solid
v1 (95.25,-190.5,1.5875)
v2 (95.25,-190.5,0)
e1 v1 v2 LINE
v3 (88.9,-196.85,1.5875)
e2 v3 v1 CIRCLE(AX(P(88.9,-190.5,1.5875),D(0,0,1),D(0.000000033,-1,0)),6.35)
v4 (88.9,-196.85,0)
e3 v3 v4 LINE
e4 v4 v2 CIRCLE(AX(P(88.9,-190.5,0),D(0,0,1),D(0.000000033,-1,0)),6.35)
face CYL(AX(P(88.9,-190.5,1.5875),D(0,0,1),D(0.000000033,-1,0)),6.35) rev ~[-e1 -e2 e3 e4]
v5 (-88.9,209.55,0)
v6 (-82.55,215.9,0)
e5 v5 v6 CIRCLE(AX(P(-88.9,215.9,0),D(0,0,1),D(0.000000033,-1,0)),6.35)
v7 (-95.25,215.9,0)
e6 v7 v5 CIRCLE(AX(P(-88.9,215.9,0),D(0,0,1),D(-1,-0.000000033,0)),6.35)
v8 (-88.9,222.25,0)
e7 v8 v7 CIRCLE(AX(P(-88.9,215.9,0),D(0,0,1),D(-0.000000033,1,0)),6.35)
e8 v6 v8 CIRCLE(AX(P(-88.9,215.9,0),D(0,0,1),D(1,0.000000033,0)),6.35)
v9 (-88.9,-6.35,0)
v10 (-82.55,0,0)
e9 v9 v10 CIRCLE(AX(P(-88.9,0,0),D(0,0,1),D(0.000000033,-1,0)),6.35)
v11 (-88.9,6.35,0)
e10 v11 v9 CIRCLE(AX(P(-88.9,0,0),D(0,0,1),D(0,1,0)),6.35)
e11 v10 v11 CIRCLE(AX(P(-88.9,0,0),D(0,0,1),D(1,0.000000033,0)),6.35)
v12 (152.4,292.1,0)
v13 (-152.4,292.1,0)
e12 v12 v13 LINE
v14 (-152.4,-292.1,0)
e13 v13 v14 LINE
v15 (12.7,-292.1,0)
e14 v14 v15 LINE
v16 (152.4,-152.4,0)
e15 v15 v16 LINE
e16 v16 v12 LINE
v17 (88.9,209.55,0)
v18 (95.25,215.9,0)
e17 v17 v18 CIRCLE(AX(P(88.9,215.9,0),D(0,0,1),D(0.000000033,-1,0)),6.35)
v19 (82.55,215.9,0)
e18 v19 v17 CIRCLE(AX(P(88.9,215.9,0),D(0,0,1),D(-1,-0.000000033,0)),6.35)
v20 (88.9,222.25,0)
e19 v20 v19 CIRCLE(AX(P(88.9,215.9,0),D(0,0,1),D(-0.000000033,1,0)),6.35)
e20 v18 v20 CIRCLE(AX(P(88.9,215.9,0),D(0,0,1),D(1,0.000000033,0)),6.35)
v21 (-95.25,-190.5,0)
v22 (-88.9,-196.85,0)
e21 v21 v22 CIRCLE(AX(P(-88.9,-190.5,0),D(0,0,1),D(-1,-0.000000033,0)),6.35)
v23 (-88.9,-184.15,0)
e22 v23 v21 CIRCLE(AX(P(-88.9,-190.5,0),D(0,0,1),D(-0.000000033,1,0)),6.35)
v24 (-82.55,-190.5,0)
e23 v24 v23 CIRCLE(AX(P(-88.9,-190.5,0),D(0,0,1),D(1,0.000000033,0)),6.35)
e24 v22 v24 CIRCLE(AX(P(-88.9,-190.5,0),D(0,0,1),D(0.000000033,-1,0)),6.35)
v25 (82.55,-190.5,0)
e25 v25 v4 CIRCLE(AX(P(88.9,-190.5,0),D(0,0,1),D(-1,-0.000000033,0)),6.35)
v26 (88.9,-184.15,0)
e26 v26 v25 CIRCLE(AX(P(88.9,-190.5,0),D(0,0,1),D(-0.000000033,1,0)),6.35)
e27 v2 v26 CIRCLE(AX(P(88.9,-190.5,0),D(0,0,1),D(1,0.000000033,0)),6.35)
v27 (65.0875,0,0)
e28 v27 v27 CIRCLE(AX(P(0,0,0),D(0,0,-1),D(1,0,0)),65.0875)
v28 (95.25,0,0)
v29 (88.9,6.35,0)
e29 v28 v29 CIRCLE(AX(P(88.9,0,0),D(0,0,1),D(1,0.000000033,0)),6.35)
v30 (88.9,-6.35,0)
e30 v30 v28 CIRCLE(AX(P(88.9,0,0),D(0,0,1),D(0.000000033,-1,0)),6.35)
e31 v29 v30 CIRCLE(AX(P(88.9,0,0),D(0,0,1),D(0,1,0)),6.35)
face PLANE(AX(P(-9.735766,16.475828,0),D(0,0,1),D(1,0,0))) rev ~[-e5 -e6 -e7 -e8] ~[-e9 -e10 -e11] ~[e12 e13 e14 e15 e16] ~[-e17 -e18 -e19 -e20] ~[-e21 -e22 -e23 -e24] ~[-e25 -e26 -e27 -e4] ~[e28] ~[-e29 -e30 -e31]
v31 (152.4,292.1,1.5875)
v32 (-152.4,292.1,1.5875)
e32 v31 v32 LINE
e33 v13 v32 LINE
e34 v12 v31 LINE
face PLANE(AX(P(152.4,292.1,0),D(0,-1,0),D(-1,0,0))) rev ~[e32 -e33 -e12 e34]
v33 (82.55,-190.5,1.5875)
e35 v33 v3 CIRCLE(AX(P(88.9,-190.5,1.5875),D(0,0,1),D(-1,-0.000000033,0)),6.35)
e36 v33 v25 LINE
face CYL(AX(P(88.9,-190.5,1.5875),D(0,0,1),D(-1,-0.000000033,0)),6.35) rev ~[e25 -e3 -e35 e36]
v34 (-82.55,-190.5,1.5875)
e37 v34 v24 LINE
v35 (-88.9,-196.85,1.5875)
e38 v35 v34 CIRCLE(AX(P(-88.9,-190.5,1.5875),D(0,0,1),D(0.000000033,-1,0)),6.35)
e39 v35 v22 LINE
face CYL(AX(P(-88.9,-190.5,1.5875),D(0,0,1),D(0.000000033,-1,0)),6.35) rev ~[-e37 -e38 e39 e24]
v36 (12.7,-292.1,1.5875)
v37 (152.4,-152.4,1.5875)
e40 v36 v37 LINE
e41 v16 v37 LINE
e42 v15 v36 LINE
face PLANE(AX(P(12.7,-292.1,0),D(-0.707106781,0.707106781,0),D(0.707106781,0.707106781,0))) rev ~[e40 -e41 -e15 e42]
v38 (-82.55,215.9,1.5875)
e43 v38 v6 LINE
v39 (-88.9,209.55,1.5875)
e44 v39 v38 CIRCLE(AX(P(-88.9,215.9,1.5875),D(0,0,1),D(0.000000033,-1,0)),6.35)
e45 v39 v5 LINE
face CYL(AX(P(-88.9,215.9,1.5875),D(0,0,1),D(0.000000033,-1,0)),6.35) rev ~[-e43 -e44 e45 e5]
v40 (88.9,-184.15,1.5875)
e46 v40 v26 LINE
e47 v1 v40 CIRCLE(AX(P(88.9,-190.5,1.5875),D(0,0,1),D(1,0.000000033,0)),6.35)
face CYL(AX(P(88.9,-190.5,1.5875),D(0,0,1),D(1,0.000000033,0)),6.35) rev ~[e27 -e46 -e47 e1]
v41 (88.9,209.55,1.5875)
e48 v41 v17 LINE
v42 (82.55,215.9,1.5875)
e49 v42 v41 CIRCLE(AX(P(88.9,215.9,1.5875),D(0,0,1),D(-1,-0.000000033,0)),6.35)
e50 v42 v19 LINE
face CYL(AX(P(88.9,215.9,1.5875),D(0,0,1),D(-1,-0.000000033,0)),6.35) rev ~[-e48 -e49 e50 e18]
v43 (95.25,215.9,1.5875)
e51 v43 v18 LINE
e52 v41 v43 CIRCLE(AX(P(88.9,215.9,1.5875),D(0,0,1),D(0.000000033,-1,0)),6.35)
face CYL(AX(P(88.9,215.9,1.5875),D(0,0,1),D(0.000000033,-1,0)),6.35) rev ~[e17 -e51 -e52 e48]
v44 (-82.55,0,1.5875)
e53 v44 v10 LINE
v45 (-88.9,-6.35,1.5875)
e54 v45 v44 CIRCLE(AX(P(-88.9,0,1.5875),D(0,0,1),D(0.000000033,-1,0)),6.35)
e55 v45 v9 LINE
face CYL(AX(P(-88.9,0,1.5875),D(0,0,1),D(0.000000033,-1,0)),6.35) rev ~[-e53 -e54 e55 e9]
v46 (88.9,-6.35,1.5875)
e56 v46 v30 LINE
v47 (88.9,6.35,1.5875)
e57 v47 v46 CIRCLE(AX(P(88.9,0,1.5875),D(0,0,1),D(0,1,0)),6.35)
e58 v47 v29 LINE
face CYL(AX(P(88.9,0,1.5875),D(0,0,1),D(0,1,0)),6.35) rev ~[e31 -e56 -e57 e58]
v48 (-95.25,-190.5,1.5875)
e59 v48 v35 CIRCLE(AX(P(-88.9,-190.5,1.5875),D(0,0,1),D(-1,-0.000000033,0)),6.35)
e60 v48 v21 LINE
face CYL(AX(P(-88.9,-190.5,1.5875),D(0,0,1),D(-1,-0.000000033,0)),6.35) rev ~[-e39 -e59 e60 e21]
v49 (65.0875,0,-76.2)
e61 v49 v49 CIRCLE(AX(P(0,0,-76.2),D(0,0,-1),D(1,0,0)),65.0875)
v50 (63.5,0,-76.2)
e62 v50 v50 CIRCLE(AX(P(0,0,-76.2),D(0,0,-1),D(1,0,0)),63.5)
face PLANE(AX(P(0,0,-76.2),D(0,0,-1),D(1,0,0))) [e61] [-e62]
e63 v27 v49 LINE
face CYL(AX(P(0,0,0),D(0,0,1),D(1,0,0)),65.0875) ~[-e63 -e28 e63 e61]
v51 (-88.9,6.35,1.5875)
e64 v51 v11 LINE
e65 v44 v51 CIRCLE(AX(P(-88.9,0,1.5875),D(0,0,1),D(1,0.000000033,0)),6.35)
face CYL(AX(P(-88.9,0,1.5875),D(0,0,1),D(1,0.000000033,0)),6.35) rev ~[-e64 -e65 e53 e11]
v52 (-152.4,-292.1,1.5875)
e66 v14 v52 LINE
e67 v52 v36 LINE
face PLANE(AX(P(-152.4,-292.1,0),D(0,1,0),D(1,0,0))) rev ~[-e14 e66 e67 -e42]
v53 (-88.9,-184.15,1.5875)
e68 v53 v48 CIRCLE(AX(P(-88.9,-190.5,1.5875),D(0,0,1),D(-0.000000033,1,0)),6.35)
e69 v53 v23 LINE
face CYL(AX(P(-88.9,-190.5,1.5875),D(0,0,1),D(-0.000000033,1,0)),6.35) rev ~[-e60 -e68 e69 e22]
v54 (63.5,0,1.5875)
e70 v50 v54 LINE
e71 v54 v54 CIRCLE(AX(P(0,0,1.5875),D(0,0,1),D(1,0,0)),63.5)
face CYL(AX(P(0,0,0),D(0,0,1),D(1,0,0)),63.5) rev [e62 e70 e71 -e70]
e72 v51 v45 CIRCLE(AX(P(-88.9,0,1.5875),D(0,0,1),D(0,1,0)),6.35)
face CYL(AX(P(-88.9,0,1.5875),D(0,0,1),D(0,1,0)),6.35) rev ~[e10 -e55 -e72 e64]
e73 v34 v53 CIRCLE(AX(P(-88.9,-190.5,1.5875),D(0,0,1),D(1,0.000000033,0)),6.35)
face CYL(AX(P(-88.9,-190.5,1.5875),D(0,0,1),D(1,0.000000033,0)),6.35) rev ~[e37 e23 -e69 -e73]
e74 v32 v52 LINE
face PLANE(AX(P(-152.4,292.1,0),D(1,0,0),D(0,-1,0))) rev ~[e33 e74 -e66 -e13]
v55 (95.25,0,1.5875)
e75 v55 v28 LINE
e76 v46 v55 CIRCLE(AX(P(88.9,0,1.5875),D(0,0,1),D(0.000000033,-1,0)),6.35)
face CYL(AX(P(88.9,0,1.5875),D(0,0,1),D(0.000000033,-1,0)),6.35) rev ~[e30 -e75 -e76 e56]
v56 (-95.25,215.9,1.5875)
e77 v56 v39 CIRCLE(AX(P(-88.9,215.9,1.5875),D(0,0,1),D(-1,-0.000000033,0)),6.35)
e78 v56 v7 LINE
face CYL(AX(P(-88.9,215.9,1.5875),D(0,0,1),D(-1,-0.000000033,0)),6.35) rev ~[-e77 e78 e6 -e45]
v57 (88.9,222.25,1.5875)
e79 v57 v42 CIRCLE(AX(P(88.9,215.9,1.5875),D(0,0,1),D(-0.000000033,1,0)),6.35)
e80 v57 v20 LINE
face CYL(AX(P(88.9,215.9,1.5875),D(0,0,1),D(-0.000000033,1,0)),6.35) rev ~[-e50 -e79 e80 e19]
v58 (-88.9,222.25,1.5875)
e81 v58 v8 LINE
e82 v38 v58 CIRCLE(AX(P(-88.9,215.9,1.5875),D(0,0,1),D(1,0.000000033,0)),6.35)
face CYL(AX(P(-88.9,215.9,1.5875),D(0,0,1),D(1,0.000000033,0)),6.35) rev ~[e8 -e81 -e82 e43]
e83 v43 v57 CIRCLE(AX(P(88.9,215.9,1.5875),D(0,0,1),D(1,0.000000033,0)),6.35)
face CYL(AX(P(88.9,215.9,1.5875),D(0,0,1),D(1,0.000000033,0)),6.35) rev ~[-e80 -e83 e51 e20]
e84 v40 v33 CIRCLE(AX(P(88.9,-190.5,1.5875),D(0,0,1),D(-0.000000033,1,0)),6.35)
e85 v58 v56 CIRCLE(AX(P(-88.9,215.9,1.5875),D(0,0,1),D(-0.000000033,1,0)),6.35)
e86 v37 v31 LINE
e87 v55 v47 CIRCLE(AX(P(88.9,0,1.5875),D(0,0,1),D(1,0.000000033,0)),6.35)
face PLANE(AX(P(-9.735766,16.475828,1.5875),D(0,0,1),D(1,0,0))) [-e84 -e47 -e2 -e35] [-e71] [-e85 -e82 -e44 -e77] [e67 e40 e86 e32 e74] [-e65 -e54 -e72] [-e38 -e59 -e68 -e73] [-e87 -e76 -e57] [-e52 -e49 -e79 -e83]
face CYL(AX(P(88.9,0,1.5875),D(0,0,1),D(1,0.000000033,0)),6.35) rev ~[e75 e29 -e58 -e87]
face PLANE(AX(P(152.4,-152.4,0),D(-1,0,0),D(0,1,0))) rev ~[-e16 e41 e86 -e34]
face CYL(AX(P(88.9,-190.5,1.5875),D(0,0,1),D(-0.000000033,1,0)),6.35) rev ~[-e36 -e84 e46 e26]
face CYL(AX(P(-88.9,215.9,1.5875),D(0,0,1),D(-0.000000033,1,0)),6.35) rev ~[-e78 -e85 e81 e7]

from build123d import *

# Parameters (mm, degrees)
F0_R     = 63.5
F1_DEPTH = 1.5875
F2_R     = 65.0875
F2_R_2   = 63.5
F3_DEPTH = 76.2
F5_DEPTH = 25.4


with BuildPart() as f1:
    # F0 (on Top) → F1 (new body)
    with BuildSketch(Plane.XY):
        Polygon((152.4, -152.4), (152.4, 292.1), (-152.4, 292.1), (-152.4, -292.1), (12.7, -292.1), align=None)
        Circle(F0_R, mode=Mode.SUBTRACT)
    extrude(amount=F1_DEPTH)

    # F2 (on face) → F3 (join)
    with BuildSketch(Plane(origin=(0, 0, 0), x_dir=(1, 0, 0), z_dir=(0, 0, -1))):
        Circle(F2_R)
        Circle(F2_R_2, mode=Mode.SUBTRACT)
    extrude(amount=F3_DEPTH)

    # F4 (on face) → F5 (cut)
    with BuildSketch(Plane.XY.offset(1.5875)):
        with BuildLine():
            ThreePointArc((-88.9, 222.25), (-93.390128, 220.390128), (-95.25, 215.9))
            Line((-95.25, 215.9), (-88.9, 215.9))
            Line((-88.9, 215.9), (-88.9, 222.25))
        make_face()
        with BuildLine():
            ThreePointArc((88.9, 222.25), (84.409872, 220.390128), (82.55, 215.9))
            Line((82.55, 215.9), (88.9, 215.9))
            Line((88.9, 215.9), (88.9, 222.25))
        make_face()
        with BuildLine():
            Line((88.9, 215.9), (82.55, 215.9))
            ThreePointArc((82.55, 215.9), (84.409872, 211.409872), (88.9, 209.55))
            Line((88.9, 209.55), (88.9, 215.9))
        make_face()
        with BuildLine():
            Line((-88.9, 215.9), (-95.25, 215.9))
            ThreePointArc((-95.25, 215.9), (-93.390128, 211.409872), (-88.9, 209.55))
            Line((-88.9, 209.55), (-88.9, 215.9))
        make_face()
        with BuildLine():
            Line((-88.9, 222.25), (-88.9, 215.9))
            Line((-88.9, 215.9), (-82.55, 215.9))
            ThreePointArc((-82.55, 215.9), (-84.409872, 220.390128), (-88.9, 222.25))
        make_face()
        with BuildLine():
            Line((-82.55, 215.9), (-88.9, 215.9))
            Line((-88.9, 215.9), (-88.9, 209.55))
            ThreePointArc((-88.9, 209.55), (-84.409872, 211.409872), (-82.55, 215.9))
        make_face()
        with BuildLine():
            Line((88.9, 222.25), (88.9, 215.9))
            Line((88.9, 215.9), (95.25, 215.9))
            ThreePointArc((95.25, 215.9), (93.390128, 220.390128), (88.9, 222.25))
        make_face()
        with BuildLine():
            Line((95.25, 215.9), (88.9, 215.9))
            Line((88.9, 215.9), (88.9, 209.55))
            ThreePointArc((88.9, 209.55), (93.390128, 211.409872), (95.25, 215.9))
        make_face()
        with BuildLine():
            ThreePointArc((-88.9, -184.15), (-93.390128, -186.009872), (-95.25, -190.5))
            Line((-95.25, -190.5), (-88.9, -190.5))
            Line((-88.9, -190.5), (-88.9, -184.15))
        make_face()
        with BuildLine():
            ThreePointArc((88.9, -184.15), (84.409872, -186.009872), (82.55, -190.5))
            Line((82.55, -190.5), (88.9, -190.5))
            Line((88.9, -190.5), (88.9, -184.15))
        make_face()
        with BuildLine():
            Line((88.9, -190.5), (82.55, -190.5))
            ThreePointArc((82.55, -190.5), (84.409872, -194.990128), (88.9, -196.85))
            Line((88.9, -196.85), (88.9, -190.5))
        make_face()
        with BuildLine():
            Line((-88.9, -190.5), (-95.25, -190.5))
            ThreePointArc((-95.25, -190.5), (-93.390128, -194.990128), (-88.9, -196.85))
            Line((-88.9, -196.85), (-88.9, -190.5))
        make_face()
        with BuildLine():
            Line((-88.9, -184.15), (-88.9, -190.5))
            Line((-88.9, -190.5), (-82.55, -190.5))
            ThreePointArc((-82.55, -190.5), (-84.409872, -186.009872), (-88.9, -184.15))
        make_face()
        with BuildLine():
            Line((-82.55, -190.5), (-88.9, -190.5))
            Line((-88.9, -190.5), (-88.9, -196.85))
            ThreePointArc((-88.9, -196.85), (-84.409872, -194.990128), (-82.55, -190.5))
        make_face()
        with BuildLine():
            Line((88.9, -184.15), (88.9, -190.5))
            Line((88.9, -190.5), (95.25, -190.5))
            ThreePointArc((95.25, -190.5), (93.390128, -186.009872), (88.9, -184.15))
        make_face()
        with BuildLine():
            Line((95.25, -190.5), (88.9, -190.5))
            Line((88.9, -190.5), (88.9, -196.85))
            ThreePointArc((88.9, -196.85), (93.390128, -194.990128), (95.25, -190.5))
        make_face()
        with BuildLine():
            ThreePointArc((-88.9, -6.35), (-84.409872, -4.490128), (-82.55, 0))
            ThreePointArc((-82.55, 0), (-84.409872, 4.490128), (-88.9, 6.35))
            Line((-88.9, 6.35), (-88.9, -6.35))
        make_face()
        with BuildLine():
            Line((-88.9, -6.35), (-88.9, 6.35))
            ThreePointArc((-88.9, 6.35), (-95.25, 0), (-88.9, -6.35))
        make_face()
        with BuildLine():
            ThreePointArc((88.9, -6.35), (93.390128, -4.490128), (95.25, 0))
            ThreePointArc((95.25, 0), (93.390128, 4.490128), (88.9, 6.35))
            Line((88.9, 6.35), (88.9, -6.35))
        make_face()
        with BuildLine():
            Line((88.9, -6.35), (88.9, 6.35))
            ThreePointArc((88.9, 6.35), (82.55, 0), (88.9, -6.35))
        make_face()
    extrude(amount=-F5_DEPTH, mode=Mode.SUBTRACT)


solid = f1.part
